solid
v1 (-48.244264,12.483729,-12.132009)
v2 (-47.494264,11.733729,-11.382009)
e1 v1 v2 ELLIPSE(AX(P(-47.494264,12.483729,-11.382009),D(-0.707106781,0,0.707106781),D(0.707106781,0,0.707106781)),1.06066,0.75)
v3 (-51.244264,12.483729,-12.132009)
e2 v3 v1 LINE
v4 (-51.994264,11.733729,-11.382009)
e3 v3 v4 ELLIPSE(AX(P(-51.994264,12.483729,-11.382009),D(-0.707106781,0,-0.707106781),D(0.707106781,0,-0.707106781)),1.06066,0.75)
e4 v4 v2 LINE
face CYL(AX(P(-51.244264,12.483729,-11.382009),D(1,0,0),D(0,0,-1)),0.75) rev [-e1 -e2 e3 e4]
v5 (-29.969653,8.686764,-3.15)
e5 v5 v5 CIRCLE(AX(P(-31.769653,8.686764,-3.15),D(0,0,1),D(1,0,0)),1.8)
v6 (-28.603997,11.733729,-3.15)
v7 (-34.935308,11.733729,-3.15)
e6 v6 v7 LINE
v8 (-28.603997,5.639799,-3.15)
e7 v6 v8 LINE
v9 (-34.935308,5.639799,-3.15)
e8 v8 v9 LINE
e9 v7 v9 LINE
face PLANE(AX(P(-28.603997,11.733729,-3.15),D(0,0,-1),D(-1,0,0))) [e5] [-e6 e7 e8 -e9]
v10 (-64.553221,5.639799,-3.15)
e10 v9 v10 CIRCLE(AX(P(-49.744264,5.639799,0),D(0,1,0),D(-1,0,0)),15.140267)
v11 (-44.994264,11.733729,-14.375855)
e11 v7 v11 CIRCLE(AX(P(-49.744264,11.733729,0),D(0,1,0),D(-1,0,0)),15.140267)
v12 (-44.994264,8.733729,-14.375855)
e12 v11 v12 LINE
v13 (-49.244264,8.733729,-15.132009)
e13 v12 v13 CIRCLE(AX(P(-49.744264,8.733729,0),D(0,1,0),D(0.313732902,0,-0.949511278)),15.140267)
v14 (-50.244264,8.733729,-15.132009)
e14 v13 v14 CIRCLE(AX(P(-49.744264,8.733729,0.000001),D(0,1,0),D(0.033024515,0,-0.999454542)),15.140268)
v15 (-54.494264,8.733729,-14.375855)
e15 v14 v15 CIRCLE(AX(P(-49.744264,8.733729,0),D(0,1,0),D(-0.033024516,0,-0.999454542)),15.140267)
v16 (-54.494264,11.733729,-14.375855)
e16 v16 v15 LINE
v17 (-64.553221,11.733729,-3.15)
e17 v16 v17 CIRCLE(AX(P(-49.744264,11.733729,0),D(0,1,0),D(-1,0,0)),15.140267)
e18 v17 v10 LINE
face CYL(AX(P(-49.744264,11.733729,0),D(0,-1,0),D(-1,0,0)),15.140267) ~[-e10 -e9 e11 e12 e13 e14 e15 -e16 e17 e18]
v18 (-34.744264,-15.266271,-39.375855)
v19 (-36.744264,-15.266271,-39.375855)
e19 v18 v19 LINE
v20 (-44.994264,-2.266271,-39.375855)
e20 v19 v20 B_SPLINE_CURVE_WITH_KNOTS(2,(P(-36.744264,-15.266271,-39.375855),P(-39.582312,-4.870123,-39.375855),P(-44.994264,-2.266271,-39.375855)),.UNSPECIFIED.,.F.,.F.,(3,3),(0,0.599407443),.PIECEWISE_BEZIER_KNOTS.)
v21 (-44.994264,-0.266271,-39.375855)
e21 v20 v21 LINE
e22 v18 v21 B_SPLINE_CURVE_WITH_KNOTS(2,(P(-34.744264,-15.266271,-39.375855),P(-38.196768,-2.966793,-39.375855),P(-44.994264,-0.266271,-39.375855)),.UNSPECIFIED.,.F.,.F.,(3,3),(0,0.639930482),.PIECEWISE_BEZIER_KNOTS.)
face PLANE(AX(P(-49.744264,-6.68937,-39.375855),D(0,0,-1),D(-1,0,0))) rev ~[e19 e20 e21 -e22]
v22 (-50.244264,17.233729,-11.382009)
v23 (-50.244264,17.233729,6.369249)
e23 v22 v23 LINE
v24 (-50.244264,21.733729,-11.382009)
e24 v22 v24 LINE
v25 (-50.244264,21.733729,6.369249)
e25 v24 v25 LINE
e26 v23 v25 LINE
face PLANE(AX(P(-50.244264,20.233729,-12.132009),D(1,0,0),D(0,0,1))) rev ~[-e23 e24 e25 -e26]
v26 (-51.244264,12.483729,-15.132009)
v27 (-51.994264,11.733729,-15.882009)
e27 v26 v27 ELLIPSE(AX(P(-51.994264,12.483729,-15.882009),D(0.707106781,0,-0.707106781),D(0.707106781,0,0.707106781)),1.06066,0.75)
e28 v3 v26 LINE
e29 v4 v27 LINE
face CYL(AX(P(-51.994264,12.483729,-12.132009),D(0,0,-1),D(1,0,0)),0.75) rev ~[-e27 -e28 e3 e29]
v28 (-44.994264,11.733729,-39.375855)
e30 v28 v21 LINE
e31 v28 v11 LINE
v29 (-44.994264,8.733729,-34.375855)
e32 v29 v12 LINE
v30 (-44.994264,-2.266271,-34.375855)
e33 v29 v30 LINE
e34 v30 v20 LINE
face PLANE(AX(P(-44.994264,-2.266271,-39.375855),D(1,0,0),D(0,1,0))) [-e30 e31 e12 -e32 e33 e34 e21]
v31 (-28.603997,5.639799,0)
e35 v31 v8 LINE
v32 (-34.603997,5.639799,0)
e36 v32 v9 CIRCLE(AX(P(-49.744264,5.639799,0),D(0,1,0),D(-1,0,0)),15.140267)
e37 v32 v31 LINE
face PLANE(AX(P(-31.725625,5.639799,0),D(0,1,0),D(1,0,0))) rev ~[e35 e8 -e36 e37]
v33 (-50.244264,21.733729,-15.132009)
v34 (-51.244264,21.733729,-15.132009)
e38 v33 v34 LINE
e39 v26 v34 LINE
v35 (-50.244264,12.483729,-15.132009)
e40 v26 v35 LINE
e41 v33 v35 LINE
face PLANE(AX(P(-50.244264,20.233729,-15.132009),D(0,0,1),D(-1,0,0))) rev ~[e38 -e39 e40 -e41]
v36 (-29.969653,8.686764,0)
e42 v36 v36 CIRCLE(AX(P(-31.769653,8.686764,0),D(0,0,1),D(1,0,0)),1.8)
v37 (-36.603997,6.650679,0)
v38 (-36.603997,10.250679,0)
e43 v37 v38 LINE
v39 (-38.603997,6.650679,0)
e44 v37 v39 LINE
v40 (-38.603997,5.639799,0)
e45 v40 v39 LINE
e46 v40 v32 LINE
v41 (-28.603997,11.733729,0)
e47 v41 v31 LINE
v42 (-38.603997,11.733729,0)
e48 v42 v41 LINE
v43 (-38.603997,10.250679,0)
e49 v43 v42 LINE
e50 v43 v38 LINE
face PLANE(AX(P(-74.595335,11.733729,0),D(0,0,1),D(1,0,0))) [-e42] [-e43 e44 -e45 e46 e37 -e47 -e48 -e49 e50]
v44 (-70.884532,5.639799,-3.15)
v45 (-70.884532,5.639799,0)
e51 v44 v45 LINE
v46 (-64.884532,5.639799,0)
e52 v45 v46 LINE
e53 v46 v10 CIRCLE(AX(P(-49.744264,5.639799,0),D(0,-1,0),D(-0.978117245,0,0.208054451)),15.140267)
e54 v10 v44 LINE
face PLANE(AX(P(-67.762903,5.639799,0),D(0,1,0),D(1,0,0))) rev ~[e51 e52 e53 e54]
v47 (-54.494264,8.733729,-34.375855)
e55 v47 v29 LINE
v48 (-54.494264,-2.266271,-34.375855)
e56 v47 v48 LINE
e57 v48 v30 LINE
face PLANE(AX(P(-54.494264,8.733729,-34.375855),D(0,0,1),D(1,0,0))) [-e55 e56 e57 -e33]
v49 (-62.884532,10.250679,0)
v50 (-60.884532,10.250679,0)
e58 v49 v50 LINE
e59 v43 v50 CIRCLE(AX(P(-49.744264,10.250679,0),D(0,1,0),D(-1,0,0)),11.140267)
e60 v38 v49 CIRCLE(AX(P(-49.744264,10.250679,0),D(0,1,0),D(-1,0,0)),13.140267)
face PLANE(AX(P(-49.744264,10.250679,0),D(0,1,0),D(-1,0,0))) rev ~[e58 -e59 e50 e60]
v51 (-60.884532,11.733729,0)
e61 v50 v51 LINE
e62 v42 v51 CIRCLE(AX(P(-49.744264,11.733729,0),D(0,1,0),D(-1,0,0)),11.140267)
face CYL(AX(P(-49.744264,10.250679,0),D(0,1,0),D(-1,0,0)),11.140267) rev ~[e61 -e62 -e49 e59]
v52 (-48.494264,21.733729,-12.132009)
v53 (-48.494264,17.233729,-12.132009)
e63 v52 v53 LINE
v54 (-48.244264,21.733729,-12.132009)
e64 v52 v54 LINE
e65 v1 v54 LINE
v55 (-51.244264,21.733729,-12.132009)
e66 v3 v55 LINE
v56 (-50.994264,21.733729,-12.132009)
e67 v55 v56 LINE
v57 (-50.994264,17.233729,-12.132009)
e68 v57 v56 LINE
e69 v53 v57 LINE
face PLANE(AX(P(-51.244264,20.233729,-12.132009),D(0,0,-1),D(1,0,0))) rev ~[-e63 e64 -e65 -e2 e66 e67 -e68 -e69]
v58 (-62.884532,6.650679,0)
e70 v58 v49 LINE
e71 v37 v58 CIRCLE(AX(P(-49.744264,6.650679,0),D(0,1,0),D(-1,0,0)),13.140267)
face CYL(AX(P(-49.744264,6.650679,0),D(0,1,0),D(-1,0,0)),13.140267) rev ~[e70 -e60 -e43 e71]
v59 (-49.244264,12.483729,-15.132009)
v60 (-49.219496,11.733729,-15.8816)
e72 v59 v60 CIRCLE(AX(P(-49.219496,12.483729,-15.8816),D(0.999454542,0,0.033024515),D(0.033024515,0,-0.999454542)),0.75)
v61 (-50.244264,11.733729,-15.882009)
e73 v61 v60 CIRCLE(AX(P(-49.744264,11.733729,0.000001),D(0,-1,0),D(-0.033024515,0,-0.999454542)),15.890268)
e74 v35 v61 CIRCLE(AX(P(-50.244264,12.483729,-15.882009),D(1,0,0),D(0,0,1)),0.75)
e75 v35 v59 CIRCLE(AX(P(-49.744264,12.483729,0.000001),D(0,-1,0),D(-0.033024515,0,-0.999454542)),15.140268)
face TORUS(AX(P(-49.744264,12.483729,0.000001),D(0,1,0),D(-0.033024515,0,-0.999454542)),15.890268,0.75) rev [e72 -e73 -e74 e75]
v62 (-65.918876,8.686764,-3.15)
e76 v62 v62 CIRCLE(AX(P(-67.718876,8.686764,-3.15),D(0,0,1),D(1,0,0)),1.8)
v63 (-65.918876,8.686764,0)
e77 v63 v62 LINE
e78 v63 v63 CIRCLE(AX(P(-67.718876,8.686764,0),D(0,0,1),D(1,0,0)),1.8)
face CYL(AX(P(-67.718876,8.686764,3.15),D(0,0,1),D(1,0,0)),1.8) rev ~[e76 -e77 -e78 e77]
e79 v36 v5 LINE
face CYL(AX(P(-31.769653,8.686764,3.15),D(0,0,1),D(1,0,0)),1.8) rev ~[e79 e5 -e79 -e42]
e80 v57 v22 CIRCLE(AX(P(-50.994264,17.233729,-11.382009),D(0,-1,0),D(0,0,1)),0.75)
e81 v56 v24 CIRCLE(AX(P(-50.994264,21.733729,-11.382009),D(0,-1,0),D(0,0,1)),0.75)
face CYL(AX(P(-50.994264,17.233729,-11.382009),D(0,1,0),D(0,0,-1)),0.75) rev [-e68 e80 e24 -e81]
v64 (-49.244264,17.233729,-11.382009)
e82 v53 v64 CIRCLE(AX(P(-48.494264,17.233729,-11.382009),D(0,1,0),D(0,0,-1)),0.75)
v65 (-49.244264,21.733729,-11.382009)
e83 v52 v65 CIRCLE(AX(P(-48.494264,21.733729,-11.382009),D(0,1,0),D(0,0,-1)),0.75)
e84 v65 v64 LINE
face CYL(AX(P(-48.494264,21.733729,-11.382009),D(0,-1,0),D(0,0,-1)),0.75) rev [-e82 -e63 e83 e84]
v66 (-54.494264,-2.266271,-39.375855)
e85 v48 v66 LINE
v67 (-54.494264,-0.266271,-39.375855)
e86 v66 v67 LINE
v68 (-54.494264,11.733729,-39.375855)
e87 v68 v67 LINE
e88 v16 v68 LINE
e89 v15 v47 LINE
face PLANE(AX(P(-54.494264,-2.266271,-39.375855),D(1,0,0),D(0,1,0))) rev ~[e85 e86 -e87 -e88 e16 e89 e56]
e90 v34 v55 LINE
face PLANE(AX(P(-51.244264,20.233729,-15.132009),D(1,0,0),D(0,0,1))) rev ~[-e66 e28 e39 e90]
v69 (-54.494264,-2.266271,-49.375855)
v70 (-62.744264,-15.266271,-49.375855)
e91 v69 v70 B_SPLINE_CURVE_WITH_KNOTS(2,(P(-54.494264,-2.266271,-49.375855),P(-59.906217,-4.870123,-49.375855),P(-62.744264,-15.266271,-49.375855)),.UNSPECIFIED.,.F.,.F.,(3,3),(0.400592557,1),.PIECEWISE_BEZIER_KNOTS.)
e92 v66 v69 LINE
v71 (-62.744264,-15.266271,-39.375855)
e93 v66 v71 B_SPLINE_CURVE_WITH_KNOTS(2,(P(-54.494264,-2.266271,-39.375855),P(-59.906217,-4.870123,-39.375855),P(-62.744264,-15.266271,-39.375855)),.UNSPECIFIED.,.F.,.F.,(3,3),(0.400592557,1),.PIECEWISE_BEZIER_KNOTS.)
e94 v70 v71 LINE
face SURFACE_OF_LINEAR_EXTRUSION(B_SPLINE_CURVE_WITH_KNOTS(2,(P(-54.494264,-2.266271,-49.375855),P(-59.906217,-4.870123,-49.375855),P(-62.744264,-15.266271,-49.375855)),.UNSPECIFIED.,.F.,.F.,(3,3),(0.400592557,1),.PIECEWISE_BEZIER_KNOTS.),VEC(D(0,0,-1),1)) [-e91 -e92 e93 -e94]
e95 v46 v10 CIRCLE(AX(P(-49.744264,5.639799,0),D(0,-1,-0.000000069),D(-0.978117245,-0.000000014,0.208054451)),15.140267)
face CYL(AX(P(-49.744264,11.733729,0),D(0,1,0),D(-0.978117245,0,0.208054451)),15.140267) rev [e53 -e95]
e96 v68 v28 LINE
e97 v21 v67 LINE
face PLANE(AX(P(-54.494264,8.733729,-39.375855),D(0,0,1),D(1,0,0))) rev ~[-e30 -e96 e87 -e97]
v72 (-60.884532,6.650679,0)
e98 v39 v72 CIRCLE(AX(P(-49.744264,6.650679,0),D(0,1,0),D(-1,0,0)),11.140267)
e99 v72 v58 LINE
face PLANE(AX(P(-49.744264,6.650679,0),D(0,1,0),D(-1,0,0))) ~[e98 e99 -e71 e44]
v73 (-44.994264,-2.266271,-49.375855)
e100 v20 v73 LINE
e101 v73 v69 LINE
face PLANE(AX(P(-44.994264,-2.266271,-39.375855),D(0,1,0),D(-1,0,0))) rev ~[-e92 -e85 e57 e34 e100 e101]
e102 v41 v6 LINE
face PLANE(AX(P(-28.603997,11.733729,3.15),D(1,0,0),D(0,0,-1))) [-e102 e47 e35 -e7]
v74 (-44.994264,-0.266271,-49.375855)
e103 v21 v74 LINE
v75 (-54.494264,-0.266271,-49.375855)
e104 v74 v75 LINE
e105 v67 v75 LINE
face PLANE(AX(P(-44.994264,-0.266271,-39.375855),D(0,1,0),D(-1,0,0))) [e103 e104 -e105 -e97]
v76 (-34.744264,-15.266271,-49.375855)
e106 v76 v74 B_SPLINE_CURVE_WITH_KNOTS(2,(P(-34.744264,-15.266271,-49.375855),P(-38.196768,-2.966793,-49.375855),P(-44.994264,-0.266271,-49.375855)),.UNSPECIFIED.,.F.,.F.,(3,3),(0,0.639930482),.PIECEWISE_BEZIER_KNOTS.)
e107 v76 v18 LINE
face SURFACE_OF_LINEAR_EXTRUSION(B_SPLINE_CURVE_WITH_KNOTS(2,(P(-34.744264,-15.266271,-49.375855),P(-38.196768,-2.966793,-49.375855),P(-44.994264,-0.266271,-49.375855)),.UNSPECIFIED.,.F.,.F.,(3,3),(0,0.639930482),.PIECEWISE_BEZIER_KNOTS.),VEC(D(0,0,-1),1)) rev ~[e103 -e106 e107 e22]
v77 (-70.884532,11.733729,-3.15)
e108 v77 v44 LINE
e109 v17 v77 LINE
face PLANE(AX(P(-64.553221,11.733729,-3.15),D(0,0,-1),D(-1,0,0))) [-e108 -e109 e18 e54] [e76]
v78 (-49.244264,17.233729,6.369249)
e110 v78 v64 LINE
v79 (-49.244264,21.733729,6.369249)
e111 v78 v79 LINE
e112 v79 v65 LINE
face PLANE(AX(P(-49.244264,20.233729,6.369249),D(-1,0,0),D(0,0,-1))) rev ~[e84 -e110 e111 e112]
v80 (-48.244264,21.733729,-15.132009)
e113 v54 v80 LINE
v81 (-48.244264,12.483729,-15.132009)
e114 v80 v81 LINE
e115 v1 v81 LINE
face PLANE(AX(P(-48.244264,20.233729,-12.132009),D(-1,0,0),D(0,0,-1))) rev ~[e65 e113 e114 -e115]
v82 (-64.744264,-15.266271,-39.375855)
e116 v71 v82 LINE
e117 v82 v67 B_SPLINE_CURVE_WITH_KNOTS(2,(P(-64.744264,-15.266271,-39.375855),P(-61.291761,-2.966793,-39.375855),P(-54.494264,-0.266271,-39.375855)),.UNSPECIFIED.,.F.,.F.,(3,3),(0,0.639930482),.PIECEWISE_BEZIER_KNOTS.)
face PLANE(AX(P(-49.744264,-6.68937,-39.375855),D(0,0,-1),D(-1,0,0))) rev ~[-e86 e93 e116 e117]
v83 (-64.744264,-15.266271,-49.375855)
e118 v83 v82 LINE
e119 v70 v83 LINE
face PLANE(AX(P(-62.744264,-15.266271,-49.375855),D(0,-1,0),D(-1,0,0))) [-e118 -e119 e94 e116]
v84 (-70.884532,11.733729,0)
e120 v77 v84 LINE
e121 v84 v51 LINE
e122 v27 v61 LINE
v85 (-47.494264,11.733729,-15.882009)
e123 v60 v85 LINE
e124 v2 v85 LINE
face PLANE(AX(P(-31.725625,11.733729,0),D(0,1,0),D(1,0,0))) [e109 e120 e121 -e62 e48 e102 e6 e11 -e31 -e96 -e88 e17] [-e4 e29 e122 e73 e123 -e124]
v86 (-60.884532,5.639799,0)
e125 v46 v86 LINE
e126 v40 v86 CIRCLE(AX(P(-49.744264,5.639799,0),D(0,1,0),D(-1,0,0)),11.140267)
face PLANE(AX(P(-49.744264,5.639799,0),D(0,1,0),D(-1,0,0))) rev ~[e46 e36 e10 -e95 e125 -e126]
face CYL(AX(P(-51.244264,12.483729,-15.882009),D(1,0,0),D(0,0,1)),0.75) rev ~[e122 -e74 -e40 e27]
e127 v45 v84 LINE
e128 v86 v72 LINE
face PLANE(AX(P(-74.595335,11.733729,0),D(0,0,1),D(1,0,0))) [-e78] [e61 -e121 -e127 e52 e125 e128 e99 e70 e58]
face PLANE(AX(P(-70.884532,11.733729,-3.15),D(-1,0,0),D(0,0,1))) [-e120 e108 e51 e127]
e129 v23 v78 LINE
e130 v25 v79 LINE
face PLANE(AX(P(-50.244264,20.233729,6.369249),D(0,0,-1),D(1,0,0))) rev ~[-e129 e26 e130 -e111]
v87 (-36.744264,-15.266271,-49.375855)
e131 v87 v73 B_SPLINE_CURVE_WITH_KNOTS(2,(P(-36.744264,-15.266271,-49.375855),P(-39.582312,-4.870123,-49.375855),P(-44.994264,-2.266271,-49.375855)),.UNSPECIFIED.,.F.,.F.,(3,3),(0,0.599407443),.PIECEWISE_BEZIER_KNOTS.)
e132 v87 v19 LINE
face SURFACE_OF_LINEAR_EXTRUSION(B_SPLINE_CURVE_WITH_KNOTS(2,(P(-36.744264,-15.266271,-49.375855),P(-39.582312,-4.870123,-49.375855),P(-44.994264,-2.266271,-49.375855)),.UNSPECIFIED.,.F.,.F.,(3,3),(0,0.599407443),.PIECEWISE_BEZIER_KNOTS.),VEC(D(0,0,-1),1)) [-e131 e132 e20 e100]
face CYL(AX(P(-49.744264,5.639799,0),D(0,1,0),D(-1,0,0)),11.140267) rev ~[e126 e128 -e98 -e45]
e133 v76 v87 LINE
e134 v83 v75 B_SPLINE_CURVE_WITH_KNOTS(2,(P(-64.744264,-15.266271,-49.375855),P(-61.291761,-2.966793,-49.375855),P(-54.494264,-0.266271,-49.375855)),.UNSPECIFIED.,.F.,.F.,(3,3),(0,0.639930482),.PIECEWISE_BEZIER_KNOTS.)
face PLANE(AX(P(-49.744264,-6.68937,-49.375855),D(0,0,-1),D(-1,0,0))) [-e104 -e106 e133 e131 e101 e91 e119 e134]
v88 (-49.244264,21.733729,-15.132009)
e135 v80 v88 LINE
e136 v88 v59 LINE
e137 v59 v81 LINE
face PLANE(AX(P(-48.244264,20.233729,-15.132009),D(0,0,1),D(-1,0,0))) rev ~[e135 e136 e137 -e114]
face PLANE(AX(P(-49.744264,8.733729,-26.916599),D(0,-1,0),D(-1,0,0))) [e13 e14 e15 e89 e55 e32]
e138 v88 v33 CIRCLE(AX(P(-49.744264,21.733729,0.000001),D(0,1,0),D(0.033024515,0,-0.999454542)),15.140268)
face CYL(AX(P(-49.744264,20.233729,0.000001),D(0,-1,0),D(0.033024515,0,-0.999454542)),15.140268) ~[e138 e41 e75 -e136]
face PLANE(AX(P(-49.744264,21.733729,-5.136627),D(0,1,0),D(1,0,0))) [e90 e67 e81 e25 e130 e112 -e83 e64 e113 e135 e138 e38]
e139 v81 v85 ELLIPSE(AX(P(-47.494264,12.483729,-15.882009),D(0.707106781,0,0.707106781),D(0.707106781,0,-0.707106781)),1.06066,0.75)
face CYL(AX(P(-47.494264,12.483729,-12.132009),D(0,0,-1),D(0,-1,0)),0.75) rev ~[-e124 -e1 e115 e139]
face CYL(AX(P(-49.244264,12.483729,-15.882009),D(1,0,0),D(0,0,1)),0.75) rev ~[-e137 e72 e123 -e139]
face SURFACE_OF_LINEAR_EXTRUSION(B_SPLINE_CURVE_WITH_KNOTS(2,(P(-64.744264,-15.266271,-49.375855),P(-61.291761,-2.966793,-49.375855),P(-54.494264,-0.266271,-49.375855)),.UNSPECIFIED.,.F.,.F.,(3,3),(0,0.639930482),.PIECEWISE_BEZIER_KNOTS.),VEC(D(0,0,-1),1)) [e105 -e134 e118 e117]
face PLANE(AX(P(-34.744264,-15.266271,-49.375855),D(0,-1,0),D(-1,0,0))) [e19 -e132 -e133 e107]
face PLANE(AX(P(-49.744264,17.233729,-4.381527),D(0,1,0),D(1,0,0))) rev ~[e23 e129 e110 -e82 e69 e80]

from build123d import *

# Parameters (mm, degrees)
BOSS_EXTRUDE1_DEPTH = 8.5
BOSS_EXTRUDE2_DEPTH = 3
BOSS_EXTRUDE3_DEPTH = 3
SKETCH10_W          = 9.5
SKETCH10_H          = 5
BOSS_EXTRUDE4_DEPTH = 11
SKETCH11_W          = 9.5
SKETCH11_H          = 2
BOSS_EXTRUDE5_DEPTH = 10
BOSS_EXTRUDE6_DEPTH = 6.09393
SKETCH14_R          = 1.8
CUT_EXTRUDE1_DEPTH  = 6.3
SKETCH15_W          = 51.153217575
SKETCH15_H          = 21.210560201
CUT_EXTRUDE3_DEPTH  = 15
SKETCH18_W          = 3
SKETCH18_H          = 3
BOSS_EXTRUDE7_DEPTH = 8.5
FILLET1_R           = 0.75
BOSS_EXTRUDE8_DEPTH = 1.5
FILLET2_R           = 0.75
BOSS_EXTRUDE9_DEPTH = 10


with BuildPart() as part:
    # Sketch3 → Revolve1 (revolve)
    with BuildSketch(Plane.XY):
        Polygon((-62.694264441, 11.733728816), (-64.884531744, 11.733728816), (-64.884531744, 5.639799249), (-60.884531744, 5.639799249), (-60.884531744, 6.650679103), (-62.884531744, 6.650679103), (-62.884531744, 10.250679103), (-60.884531744, 10.250679103), (-60.884531744, 11.733728816), align=None)
    revolve(axis=Axis((-49.744264441, 0, 0), (0, 1, 0)))

    # Sketch7 → Boss-Extrude1 (add)
    with BuildSketch(Plane(origin=(0, 11.733728816, 0), x_dir=(1, 0, 0), z_dir=(0, 1, 0))):
        with BuildLine():
            Line((-50.244264441, 15.132008921), (-50.244264441, 13.130751112))
            ThreePointArc((-50.244264441, 13.130751112), (-49.744264441, 13.140267302), (-49.244264441, 13.130751112))
            Line((-49.244264441, 13.130751112), (-49.244264441, 15.132008921))
            ThreePointArc((-49.244264441, 15.132008921), (-49.744264441, 15.140267302), (-50.244264441, 15.132008921))
        make_face()
    extrude(amount=BOSS_EXTRUDE1_DEPTH)

    # Sketch8 → Boss-Extrude2 (add)
    with BuildSketch(Plane(origin=(0, 20.233728816, 0), x_dir=(1, 0, 0), z_dir=(0, 1, 0))):
        with BuildLine():
            Line((-50.244264441, 15.132008921), (-50.244264441, 13.130751112))
            Line((-50.244264441, 13.130751112), (-50.244264441, -6.369248888))
            Line((-50.244264441, -6.369248888), (-49.244264441, -6.369248888))
            Line((-49.244264441, -6.369248888), (-49.244264441, 13.130751112))
            Line((-49.244264441, 13.130751112), (-49.244264441, 15.132008921))
            ThreePointArc((-49.244264441, 15.132008921), (-49.744264441, 15.140267302), (-50.244264441, 15.132008921))
        make_face()
    extrude(amount=-BOSS_EXTRUDE2_DEPTH)

    # Sketch9 → Boss-Extrude3 (add)
    with BuildSketch(Plane(origin=(0, 11.733728816, 0), x_dir=(1, 0, 0), z_dir=(0, 1, 0))):
        with BuildLine():
            Line((-54.494264441, 14.375854548), (-54.494264441, 39.375854548))
            Line((-54.494264441, 39.375854548), (-44.994264441, 39.375854548))
            Line((-44.994264441, 39.375854548), (-44.994264441, 14.375854548))
            ThreePointArc((-44.994264441, 14.375854548), (-47.092177082, 14.906177465), (-49.244264441, 15.132008921))
            ThreePointArc((-49.244264441, 15.132008921), (-49.744264441, 15.140267302), (-50.244264441, 15.132008921))
            ThreePointArc((-50.244264441, 15.132008921), (-52.3963518, 14.906177465), (-54.494264441, 14.375854548))
        make_face()
    extrude(amount=-BOSS_EXTRUDE3_DEPTH)

    # Sketch10 → Boss-Extrude4 (add)
    with BuildSketch(Plane.XZ.offset(-8.733728816)):
        with Locations((-49.744264441, -36.875854548)):
            Rectangle(SKETCH10_W, SKETCH10_H)
    extrude(amount=BOSS_EXTRUDE4_DEPTH)

    # Sketch11 → Boss-Extrude5 (add)
    with BuildSketch(Plane(origin=(0, 0, -39.375854548), x_dir=(-1, 0, 0), z_dir=(0, 0, -1))):
        with Locations((49.744264441, -1.266271184)):
            Rectangle(SKETCH11_W, SKETCH11_H)
    extrude(amount=BOSS_EXTRUDE5_DEPTH)

    # Sketch13 → Boss-Extrude6 (add)
    with BuildSketch(Plane(origin=(0, 11.733728816, 0), x_dir=(1, 0, 0), z_dir=(0, 1, 0))):
        with BuildLine():
            Line((-28.603997139, 3.15), (-34.935307895, 3.15))
            ThreePointArc((-34.935307895, 3.15), (-34.603997139, 0), (-34.935307895, -3.15))
            Line((-34.935307895, -3.15), (-28.603997139, -3.15))
            Line((-28.603997139, -3.15), (-28.603997139, 3.15))
        make_face()
        with BuildLine():
            Line((-70.884531744, 3.15), (-70.884531744, -3.15))
            Line((-70.884531744, -3.15), (-64.553220987, -3.15))
            ThreePointArc((-64.553220987, -3.15), (-64.884531744, 0), (-64.553220987, 3.15))
            Line((-64.553220987, 3.15), (-70.884531744, 3.15))
        make_face()
    extrude(amount=-BOSS_EXTRUDE6_DEPTH)

    # Sketch14 → Cut-Extrude1 (cut)
    with BuildSketch(Plane.XY.offset(3.15)):
        with Locations((-31.769652517, 8.686764033)):
            Circle(SKETCH14_R)
        with Locations((-67.718876365, 8.686764033)):
            Circle(SKETCH14_R)
    extrude(amount=-CUT_EXTRUDE1_DEPTH, mode=Mode.SUBTRACT)

    # Sketch15 → Cut-Extrude3 (cut, through all)
    with BuildSketch(Plane(origin=(0, 11.733728816, 0), x_dir=(1, 0, 0), z_dir=(0, 1, 0))):
        with Locations((-49.018725857, -10.6052801)):
            Rectangle(SKETCH15_W, SKETCH15_H)
    extrude(amount=-CUT_EXTRUDE3_DEPTH, mode=Mode.SUBTRACT)

    # Sketch18 → Boss-Extrude7 (add)
    with BuildSketch(Plane(origin=(0, 11.733728816, 0), x_dir=(1, 0, 0), z_dir=(0, 1, 0))):
        with Locations((-49.744264441, 13.632008921)):
            Rectangle(SKETCH18_W, SKETCH18_H)
    extrude(amount=BOSS_EXTRUDE7_DEPTH)

    # Fillet1
    fillet1_edges = [part.edges().sort_by_distance(p)[0] for p in [
        (-50.744264441, 11.733728816, -15.132008921),
        (-48.744264441, 11.733728816, -15.132008921),
        (-49.744264441, 11.733728816, -12.132008921),
        (-48.244264441, 11.733728816, -13.632008921),
        (-51.244264441, 11.733728816, -13.632008921),
        (-49.744264441, 11.733728816, -15.140267302),
    ]]
    fillet(fillet1_edges, radius=FILLET1_R)

    # Sketch19 → Boss-Extrude8 (add)
    with BuildSketch(Plane(origin=(0, 20.233728816, 0), x_dir=(1, 0, 0), z_dir=(0, 1, 0))):
        with BuildLine():
            Line((-50.244264441, 15.132008921), (-51.244264441, 15.132008921))
            Line((-51.244264441, 15.132008921), (-51.244264441, 12.132008921))
            Line((-51.244264441, 12.132008921), (-50.244264441, 12.132008921))
            Line((-50.244264441, 12.132008921), (-50.244264441, -6.369248888))
            Line((-50.244264441, -6.369248888), (-49.244264441, -6.369248888))
            Line((-49.244264441, -6.369248888), (-49.244264441, 12.132008921))
            Line((-49.244264441, 12.132008921), (-48.244264441, 12.132008921))
            Line((-48.244264441, 12.132008921), (-48.244264441, 15.132008921))
            Line((-48.244264441, 15.132008921), (-49.244264441, 15.132008921))
            ThreePointArc((-49.244264441, 15.132008921), (-49.744264441, 15.140267302), (-50.244264441, 15.132008921))
        make_face()
    extrude(amount=BOSS_EXTRUDE8_DEPTH)

    # Fillet2
    fillet2_edges = [part.edges().sort_by_distance(p)[0] for p in [
        (-50.244264441, 19.483728816, -12.132008921),
        (-49.244264441, 19.483728816, -12.132008921),
    ]]
    fillet(fillet2_edges, radius=FILLET2_R)

    # Sketch20 → Boss-Extrude9 (add)
    with BuildSketch(Plane(origin=(0, 0, -49.375854548), x_dir=(-1, 0, 0), z_dir=(0, 0, -1))):
        with BuildLine():
            Line((34.744264441, -15.266271184), (36.744264441, -15.266271184))
            add(Edge.make_bspline(
                [(36.744264441, -15.266271184), (39.582311707, -4.870122804), (44.994264441, -2.266271184)],
                knots=[0, 0, 0, 0.599407443, 0.599407443, 0.599407443], degree=2))
            Line((44.994264441, -2.266271184), (54.494264441, -2.266271184))
            add(Edge.make_bspline(
                [(54.494264441, -2.266271184), (59.906217176, -4.870122804), (62.744264441, -15.266271184)],
                knots=[0.400592557, 0.400592557, 0.400592557, 1, 1, 1], degree=2))
            Line((62.744264441, -15.266271184), (64.744264441, -15.266271184))
            add(Edge.make_bspline(
                [(64.744264441, -15.266271184), (61.29176104, -2.966792571), (54.494264441, -0.266271184)],
                knots=[0, 0, 0, 0.639930482, 0.639930482, 0.639930482], degree=2))
            Line((54.494264441, -0.266271184), (44.994264441, -0.266271184))
            add(Edge.make_bspline(
                [(34.744264441, -15.266271184), (38.196767843, -2.966792571), (44.994264441, -0.266271184)],
                knots=[0, 0, 0, 0.639930482, 0.639930482, 0.639930482], degree=2))
        make_face()
    extrude(amount=-BOSS_EXTRUDE9_DEPTH)


solid = part.part
